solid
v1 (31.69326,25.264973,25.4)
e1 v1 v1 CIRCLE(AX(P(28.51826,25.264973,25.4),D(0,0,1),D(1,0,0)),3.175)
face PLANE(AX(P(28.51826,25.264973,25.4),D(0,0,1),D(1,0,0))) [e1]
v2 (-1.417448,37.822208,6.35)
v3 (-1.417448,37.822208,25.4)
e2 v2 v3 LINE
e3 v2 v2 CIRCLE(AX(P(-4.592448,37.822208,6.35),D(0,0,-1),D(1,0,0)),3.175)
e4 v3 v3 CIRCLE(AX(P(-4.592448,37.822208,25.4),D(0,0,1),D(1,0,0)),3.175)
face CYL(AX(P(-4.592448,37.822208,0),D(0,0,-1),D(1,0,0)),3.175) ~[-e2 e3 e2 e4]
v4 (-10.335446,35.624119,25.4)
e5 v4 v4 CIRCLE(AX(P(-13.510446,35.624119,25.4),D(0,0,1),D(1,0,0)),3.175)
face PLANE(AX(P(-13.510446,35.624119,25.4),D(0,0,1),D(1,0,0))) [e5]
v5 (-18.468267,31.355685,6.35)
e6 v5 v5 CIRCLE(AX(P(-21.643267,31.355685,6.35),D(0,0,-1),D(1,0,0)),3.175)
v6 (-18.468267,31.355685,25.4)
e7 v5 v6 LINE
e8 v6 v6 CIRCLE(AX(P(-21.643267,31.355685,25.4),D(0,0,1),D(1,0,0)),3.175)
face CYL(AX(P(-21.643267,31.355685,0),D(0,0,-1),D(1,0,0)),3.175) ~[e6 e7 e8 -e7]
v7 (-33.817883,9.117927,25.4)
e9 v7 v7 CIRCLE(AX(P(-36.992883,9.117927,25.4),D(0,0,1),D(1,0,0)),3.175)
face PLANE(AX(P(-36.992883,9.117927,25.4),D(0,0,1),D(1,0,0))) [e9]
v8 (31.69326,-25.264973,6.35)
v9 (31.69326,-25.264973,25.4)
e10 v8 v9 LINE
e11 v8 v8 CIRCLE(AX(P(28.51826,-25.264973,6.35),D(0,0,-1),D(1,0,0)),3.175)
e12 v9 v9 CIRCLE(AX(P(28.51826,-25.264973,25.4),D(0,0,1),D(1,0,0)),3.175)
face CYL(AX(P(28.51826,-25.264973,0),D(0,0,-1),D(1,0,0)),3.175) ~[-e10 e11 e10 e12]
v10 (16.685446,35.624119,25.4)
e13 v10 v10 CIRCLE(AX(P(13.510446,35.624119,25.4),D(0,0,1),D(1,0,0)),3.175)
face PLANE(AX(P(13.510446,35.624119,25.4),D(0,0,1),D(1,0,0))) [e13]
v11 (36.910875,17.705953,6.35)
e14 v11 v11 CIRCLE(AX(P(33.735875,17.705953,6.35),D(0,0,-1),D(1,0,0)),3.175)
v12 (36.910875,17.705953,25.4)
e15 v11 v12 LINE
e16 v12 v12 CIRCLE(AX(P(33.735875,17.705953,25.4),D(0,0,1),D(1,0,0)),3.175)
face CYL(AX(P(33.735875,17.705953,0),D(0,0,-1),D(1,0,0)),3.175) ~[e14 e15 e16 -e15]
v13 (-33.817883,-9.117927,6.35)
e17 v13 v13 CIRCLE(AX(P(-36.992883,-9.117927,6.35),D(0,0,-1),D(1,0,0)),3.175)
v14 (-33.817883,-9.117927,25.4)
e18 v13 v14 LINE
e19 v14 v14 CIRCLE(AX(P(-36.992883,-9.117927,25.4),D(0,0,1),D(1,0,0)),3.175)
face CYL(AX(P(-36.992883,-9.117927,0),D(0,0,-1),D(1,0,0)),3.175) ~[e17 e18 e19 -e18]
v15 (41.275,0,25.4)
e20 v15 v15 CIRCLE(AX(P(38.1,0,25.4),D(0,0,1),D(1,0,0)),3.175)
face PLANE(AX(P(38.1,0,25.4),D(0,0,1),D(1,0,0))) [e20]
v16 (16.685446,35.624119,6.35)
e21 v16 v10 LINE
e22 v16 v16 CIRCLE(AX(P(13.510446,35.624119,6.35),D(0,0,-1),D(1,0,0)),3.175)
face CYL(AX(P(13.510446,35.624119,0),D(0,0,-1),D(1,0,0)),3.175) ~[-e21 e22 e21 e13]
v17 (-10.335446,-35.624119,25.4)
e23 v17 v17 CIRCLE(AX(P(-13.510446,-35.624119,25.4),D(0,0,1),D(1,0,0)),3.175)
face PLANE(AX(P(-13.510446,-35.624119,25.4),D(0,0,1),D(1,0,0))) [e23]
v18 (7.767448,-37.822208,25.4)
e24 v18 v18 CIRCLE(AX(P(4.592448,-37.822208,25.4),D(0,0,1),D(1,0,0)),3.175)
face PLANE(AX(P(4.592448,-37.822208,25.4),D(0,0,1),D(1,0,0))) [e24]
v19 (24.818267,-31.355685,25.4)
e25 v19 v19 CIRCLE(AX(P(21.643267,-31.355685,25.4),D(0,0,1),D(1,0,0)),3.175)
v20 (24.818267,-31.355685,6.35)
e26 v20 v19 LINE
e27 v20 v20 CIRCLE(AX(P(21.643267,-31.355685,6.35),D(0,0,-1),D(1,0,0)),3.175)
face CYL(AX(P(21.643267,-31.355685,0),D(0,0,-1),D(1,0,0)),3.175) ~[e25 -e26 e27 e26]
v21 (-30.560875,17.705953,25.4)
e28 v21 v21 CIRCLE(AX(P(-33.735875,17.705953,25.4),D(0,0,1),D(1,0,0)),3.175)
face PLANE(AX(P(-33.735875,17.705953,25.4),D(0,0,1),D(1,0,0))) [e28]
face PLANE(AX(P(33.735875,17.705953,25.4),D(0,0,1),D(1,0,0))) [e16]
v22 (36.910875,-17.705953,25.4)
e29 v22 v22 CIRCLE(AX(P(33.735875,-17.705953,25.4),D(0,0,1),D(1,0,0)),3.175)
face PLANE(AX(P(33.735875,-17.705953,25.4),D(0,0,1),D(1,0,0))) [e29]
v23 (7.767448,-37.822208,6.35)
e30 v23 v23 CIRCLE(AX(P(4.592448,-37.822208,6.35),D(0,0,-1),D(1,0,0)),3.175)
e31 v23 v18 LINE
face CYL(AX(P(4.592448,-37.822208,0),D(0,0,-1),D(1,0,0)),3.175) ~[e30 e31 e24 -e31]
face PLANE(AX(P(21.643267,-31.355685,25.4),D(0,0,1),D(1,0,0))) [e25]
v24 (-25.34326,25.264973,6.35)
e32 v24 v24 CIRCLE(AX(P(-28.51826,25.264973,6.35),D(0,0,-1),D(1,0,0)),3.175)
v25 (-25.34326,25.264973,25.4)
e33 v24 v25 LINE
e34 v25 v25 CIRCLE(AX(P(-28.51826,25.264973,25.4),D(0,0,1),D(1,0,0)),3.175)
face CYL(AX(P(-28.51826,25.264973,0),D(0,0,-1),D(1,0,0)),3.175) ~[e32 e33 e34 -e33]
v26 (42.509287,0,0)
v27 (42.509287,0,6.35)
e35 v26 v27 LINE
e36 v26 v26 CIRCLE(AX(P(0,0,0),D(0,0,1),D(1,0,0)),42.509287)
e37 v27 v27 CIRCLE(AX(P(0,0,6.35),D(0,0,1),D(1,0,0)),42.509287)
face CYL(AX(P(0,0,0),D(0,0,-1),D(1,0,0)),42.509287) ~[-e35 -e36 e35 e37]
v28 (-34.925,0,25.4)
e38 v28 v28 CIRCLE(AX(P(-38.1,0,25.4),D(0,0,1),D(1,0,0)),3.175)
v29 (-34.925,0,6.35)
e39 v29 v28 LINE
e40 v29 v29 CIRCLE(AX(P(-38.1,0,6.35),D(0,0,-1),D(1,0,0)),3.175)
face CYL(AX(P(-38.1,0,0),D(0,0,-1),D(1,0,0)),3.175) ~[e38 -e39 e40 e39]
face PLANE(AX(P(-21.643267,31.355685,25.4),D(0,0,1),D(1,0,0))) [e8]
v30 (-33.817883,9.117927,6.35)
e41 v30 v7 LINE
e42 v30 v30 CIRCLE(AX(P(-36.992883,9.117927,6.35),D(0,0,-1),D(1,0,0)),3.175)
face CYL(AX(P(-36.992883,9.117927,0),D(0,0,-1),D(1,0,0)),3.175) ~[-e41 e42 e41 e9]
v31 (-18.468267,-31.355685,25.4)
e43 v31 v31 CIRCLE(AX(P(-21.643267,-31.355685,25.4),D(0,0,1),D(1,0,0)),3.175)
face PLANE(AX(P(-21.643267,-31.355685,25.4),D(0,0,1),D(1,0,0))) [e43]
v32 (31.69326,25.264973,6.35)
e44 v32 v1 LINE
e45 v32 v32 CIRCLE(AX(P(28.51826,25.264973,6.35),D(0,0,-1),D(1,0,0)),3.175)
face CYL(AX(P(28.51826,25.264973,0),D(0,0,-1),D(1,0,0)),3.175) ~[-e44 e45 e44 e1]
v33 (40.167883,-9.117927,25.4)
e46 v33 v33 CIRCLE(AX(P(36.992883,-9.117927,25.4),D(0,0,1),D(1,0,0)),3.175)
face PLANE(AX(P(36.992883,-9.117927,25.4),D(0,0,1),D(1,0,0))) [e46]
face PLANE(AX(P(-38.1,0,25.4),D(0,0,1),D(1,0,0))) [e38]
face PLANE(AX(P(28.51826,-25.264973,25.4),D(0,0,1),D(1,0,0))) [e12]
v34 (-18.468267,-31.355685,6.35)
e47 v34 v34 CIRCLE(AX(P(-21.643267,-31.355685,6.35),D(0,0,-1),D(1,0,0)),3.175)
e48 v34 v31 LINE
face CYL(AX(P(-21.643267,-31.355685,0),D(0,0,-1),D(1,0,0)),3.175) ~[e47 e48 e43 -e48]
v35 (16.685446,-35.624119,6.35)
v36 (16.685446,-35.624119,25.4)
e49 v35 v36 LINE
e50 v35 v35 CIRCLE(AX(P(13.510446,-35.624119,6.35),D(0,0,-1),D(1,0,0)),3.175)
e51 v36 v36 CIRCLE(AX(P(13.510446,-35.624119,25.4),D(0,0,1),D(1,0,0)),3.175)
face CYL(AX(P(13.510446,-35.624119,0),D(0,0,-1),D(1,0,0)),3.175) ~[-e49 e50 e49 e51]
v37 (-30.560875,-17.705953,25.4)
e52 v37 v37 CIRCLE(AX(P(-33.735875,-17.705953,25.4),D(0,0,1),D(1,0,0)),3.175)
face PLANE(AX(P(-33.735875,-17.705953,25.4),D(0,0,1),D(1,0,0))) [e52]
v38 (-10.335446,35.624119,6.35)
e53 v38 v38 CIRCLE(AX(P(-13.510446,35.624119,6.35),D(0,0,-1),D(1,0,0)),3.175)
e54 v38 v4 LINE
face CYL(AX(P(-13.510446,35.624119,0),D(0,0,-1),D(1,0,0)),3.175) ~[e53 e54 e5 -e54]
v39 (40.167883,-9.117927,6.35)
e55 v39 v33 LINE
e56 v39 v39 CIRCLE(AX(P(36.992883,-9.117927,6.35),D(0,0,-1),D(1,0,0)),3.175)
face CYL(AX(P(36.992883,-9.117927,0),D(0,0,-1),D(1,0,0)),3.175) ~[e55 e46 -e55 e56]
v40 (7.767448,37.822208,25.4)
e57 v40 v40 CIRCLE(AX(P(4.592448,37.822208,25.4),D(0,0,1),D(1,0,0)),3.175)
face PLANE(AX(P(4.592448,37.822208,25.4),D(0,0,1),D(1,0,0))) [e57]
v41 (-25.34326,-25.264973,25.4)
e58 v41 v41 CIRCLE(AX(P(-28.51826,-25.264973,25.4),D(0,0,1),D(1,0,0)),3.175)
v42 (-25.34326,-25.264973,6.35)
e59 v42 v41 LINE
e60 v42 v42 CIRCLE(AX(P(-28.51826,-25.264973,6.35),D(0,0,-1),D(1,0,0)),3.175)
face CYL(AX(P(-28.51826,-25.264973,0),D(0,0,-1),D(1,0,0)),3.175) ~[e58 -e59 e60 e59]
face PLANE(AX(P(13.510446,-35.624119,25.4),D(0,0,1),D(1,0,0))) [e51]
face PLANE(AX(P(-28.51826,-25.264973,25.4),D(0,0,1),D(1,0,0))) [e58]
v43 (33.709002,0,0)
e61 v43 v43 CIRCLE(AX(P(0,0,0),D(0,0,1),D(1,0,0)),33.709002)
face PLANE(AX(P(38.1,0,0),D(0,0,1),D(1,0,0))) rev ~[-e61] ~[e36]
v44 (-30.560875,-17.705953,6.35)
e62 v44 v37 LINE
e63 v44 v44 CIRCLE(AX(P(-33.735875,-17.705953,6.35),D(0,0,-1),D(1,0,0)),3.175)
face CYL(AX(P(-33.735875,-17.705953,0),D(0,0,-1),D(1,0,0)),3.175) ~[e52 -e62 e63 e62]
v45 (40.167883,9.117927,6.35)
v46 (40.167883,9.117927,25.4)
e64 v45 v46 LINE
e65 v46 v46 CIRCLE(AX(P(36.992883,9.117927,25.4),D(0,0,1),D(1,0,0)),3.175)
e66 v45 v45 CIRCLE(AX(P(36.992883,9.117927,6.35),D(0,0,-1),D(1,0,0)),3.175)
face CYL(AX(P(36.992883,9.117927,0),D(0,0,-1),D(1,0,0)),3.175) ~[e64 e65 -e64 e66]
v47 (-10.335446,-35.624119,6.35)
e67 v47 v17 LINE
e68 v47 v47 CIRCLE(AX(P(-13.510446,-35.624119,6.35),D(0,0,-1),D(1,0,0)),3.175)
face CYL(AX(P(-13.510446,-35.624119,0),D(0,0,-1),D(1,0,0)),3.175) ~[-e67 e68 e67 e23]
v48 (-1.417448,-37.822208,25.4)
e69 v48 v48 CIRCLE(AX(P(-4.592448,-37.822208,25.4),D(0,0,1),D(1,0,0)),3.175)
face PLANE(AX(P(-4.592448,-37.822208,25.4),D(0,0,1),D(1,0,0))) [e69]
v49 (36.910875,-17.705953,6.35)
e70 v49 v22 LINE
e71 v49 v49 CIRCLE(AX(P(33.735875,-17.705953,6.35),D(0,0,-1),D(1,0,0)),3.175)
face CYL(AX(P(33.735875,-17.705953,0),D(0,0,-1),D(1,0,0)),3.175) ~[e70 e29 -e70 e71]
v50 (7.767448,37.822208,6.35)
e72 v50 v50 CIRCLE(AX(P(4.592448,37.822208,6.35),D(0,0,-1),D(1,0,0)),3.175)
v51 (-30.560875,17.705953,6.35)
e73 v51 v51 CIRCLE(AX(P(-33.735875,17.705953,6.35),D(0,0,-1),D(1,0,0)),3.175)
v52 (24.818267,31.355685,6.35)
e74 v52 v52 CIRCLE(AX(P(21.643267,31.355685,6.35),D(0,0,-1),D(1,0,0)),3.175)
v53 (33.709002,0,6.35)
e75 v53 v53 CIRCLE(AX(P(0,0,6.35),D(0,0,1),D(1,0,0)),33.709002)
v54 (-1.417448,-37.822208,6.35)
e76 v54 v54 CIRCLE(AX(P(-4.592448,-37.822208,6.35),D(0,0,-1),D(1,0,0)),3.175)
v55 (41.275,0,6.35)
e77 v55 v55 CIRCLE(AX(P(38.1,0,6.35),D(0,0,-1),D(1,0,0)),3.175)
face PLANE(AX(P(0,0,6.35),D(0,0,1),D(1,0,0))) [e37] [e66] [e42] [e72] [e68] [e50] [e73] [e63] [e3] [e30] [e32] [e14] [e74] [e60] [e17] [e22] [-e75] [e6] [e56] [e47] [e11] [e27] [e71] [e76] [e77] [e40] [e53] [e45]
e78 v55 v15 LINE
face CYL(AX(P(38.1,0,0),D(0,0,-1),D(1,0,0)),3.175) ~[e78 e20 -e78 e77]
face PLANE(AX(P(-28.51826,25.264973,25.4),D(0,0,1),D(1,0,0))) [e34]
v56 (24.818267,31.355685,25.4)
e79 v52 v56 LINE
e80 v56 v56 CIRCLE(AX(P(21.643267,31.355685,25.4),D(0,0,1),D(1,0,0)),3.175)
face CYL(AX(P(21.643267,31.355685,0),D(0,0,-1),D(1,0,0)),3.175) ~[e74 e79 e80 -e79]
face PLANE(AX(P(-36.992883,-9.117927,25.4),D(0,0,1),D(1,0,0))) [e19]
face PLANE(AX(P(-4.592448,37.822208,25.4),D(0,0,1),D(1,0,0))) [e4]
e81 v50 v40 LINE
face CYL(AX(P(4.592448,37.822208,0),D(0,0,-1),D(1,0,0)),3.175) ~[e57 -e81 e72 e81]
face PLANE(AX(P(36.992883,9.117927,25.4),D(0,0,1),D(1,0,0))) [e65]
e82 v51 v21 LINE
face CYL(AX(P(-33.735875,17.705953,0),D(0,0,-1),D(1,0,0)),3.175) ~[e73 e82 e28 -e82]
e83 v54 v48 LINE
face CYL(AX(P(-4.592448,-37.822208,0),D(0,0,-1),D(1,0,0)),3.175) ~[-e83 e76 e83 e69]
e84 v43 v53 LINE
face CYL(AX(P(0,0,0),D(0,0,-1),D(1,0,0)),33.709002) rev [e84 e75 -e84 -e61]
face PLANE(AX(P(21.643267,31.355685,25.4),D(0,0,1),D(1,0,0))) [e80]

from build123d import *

# Parameters (mm, degrees)
F1_R     = 42.509287
F1_R_2   = 33.709002
F2_DEPTH = 6.35
F0_R     = 3.175
F3_DEPTH = 25.4


with BuildPart() as f2:
    # F1 (on Top) → F2 (new body)
    with BuildSketch(Plane.XY):
        Circle(F1_R)
        Circle(F1_R_2, mode=Mode.SUBTRACT)
    extrude(amount=F2_DEPTH)

    # F0 (on Top) → F3 (join)
    with BuildSketch(Plane.XY):
        with Locations((38.1, 0)):
            Circle(F0_R)
        with Locations((36.992883, -9.117927)):
            Circle(F0_R)
        with Locations((33.735875, -17.705953)):
            Circle(F0_R)
        with Locations((28.51826, -25.264973)):
            Circle(F0_R)
        with Locations((21.643267, -31.355685)):
            Circle(F0_R)
        with Locations((13.510446, -35.624119)):
            Circle(F0_R)
        with Locations((4.592448, -37.822208)):
            Circle(F0_R)
        with Locations((-4.592448, -37.822208)):
            Circle(F0_R)
        with Locations((-13.510446, -35.624119)):
            Circle(F0_R)
        with Locations((-21.643267, -31.355685)):
            Circle(F0_R)
        with Locations((-28.51826, -25.264973)):
            Circle(F0_R)
        with Locations((-33.735875, -17.705953)):
            Circle(F0_R)
        with Locations((-36.992883, -9.117927)):
            Circle(F0_R)
        with Locations((-38.1, 0)):
            Circle(F0_R)
        with Locations((-36.992883, 9.117927)):
            Circle(F0_R)
        with Locations((-33.735875, 17.705953)):
            Circle(F0_R)
        with Locations((-28.51826, 25.264973)):
            Circle(F0_R)
        with Locations((-21.643267, 31.355685)):
            Circle(F0_R)
        with Locations((-13.510446, 35.624119)):
            Circle(F0_R)
        with Locations((-4.592448, 37.822208)):
            Circle(F0_R)
        with Locations((4.592448, 37.822208)):
            Circle(F0_R)
        with Locations((13.510446, 35.624119)):
            Circle(F0_R)
        with Locations((21.643267, 31.355685)):
            Circle(F0_R)
        with Locations((28.51826, 25.264973)):
            Circle(F0_R)
        with Locations((33.735875, 17.705953)):
            Circle(F0_R)
        with Locations((36.992883, 9.117927)):
            Circle(F0_R)
    extrude(amount=F3_DEPTH)


solid = f2.part
